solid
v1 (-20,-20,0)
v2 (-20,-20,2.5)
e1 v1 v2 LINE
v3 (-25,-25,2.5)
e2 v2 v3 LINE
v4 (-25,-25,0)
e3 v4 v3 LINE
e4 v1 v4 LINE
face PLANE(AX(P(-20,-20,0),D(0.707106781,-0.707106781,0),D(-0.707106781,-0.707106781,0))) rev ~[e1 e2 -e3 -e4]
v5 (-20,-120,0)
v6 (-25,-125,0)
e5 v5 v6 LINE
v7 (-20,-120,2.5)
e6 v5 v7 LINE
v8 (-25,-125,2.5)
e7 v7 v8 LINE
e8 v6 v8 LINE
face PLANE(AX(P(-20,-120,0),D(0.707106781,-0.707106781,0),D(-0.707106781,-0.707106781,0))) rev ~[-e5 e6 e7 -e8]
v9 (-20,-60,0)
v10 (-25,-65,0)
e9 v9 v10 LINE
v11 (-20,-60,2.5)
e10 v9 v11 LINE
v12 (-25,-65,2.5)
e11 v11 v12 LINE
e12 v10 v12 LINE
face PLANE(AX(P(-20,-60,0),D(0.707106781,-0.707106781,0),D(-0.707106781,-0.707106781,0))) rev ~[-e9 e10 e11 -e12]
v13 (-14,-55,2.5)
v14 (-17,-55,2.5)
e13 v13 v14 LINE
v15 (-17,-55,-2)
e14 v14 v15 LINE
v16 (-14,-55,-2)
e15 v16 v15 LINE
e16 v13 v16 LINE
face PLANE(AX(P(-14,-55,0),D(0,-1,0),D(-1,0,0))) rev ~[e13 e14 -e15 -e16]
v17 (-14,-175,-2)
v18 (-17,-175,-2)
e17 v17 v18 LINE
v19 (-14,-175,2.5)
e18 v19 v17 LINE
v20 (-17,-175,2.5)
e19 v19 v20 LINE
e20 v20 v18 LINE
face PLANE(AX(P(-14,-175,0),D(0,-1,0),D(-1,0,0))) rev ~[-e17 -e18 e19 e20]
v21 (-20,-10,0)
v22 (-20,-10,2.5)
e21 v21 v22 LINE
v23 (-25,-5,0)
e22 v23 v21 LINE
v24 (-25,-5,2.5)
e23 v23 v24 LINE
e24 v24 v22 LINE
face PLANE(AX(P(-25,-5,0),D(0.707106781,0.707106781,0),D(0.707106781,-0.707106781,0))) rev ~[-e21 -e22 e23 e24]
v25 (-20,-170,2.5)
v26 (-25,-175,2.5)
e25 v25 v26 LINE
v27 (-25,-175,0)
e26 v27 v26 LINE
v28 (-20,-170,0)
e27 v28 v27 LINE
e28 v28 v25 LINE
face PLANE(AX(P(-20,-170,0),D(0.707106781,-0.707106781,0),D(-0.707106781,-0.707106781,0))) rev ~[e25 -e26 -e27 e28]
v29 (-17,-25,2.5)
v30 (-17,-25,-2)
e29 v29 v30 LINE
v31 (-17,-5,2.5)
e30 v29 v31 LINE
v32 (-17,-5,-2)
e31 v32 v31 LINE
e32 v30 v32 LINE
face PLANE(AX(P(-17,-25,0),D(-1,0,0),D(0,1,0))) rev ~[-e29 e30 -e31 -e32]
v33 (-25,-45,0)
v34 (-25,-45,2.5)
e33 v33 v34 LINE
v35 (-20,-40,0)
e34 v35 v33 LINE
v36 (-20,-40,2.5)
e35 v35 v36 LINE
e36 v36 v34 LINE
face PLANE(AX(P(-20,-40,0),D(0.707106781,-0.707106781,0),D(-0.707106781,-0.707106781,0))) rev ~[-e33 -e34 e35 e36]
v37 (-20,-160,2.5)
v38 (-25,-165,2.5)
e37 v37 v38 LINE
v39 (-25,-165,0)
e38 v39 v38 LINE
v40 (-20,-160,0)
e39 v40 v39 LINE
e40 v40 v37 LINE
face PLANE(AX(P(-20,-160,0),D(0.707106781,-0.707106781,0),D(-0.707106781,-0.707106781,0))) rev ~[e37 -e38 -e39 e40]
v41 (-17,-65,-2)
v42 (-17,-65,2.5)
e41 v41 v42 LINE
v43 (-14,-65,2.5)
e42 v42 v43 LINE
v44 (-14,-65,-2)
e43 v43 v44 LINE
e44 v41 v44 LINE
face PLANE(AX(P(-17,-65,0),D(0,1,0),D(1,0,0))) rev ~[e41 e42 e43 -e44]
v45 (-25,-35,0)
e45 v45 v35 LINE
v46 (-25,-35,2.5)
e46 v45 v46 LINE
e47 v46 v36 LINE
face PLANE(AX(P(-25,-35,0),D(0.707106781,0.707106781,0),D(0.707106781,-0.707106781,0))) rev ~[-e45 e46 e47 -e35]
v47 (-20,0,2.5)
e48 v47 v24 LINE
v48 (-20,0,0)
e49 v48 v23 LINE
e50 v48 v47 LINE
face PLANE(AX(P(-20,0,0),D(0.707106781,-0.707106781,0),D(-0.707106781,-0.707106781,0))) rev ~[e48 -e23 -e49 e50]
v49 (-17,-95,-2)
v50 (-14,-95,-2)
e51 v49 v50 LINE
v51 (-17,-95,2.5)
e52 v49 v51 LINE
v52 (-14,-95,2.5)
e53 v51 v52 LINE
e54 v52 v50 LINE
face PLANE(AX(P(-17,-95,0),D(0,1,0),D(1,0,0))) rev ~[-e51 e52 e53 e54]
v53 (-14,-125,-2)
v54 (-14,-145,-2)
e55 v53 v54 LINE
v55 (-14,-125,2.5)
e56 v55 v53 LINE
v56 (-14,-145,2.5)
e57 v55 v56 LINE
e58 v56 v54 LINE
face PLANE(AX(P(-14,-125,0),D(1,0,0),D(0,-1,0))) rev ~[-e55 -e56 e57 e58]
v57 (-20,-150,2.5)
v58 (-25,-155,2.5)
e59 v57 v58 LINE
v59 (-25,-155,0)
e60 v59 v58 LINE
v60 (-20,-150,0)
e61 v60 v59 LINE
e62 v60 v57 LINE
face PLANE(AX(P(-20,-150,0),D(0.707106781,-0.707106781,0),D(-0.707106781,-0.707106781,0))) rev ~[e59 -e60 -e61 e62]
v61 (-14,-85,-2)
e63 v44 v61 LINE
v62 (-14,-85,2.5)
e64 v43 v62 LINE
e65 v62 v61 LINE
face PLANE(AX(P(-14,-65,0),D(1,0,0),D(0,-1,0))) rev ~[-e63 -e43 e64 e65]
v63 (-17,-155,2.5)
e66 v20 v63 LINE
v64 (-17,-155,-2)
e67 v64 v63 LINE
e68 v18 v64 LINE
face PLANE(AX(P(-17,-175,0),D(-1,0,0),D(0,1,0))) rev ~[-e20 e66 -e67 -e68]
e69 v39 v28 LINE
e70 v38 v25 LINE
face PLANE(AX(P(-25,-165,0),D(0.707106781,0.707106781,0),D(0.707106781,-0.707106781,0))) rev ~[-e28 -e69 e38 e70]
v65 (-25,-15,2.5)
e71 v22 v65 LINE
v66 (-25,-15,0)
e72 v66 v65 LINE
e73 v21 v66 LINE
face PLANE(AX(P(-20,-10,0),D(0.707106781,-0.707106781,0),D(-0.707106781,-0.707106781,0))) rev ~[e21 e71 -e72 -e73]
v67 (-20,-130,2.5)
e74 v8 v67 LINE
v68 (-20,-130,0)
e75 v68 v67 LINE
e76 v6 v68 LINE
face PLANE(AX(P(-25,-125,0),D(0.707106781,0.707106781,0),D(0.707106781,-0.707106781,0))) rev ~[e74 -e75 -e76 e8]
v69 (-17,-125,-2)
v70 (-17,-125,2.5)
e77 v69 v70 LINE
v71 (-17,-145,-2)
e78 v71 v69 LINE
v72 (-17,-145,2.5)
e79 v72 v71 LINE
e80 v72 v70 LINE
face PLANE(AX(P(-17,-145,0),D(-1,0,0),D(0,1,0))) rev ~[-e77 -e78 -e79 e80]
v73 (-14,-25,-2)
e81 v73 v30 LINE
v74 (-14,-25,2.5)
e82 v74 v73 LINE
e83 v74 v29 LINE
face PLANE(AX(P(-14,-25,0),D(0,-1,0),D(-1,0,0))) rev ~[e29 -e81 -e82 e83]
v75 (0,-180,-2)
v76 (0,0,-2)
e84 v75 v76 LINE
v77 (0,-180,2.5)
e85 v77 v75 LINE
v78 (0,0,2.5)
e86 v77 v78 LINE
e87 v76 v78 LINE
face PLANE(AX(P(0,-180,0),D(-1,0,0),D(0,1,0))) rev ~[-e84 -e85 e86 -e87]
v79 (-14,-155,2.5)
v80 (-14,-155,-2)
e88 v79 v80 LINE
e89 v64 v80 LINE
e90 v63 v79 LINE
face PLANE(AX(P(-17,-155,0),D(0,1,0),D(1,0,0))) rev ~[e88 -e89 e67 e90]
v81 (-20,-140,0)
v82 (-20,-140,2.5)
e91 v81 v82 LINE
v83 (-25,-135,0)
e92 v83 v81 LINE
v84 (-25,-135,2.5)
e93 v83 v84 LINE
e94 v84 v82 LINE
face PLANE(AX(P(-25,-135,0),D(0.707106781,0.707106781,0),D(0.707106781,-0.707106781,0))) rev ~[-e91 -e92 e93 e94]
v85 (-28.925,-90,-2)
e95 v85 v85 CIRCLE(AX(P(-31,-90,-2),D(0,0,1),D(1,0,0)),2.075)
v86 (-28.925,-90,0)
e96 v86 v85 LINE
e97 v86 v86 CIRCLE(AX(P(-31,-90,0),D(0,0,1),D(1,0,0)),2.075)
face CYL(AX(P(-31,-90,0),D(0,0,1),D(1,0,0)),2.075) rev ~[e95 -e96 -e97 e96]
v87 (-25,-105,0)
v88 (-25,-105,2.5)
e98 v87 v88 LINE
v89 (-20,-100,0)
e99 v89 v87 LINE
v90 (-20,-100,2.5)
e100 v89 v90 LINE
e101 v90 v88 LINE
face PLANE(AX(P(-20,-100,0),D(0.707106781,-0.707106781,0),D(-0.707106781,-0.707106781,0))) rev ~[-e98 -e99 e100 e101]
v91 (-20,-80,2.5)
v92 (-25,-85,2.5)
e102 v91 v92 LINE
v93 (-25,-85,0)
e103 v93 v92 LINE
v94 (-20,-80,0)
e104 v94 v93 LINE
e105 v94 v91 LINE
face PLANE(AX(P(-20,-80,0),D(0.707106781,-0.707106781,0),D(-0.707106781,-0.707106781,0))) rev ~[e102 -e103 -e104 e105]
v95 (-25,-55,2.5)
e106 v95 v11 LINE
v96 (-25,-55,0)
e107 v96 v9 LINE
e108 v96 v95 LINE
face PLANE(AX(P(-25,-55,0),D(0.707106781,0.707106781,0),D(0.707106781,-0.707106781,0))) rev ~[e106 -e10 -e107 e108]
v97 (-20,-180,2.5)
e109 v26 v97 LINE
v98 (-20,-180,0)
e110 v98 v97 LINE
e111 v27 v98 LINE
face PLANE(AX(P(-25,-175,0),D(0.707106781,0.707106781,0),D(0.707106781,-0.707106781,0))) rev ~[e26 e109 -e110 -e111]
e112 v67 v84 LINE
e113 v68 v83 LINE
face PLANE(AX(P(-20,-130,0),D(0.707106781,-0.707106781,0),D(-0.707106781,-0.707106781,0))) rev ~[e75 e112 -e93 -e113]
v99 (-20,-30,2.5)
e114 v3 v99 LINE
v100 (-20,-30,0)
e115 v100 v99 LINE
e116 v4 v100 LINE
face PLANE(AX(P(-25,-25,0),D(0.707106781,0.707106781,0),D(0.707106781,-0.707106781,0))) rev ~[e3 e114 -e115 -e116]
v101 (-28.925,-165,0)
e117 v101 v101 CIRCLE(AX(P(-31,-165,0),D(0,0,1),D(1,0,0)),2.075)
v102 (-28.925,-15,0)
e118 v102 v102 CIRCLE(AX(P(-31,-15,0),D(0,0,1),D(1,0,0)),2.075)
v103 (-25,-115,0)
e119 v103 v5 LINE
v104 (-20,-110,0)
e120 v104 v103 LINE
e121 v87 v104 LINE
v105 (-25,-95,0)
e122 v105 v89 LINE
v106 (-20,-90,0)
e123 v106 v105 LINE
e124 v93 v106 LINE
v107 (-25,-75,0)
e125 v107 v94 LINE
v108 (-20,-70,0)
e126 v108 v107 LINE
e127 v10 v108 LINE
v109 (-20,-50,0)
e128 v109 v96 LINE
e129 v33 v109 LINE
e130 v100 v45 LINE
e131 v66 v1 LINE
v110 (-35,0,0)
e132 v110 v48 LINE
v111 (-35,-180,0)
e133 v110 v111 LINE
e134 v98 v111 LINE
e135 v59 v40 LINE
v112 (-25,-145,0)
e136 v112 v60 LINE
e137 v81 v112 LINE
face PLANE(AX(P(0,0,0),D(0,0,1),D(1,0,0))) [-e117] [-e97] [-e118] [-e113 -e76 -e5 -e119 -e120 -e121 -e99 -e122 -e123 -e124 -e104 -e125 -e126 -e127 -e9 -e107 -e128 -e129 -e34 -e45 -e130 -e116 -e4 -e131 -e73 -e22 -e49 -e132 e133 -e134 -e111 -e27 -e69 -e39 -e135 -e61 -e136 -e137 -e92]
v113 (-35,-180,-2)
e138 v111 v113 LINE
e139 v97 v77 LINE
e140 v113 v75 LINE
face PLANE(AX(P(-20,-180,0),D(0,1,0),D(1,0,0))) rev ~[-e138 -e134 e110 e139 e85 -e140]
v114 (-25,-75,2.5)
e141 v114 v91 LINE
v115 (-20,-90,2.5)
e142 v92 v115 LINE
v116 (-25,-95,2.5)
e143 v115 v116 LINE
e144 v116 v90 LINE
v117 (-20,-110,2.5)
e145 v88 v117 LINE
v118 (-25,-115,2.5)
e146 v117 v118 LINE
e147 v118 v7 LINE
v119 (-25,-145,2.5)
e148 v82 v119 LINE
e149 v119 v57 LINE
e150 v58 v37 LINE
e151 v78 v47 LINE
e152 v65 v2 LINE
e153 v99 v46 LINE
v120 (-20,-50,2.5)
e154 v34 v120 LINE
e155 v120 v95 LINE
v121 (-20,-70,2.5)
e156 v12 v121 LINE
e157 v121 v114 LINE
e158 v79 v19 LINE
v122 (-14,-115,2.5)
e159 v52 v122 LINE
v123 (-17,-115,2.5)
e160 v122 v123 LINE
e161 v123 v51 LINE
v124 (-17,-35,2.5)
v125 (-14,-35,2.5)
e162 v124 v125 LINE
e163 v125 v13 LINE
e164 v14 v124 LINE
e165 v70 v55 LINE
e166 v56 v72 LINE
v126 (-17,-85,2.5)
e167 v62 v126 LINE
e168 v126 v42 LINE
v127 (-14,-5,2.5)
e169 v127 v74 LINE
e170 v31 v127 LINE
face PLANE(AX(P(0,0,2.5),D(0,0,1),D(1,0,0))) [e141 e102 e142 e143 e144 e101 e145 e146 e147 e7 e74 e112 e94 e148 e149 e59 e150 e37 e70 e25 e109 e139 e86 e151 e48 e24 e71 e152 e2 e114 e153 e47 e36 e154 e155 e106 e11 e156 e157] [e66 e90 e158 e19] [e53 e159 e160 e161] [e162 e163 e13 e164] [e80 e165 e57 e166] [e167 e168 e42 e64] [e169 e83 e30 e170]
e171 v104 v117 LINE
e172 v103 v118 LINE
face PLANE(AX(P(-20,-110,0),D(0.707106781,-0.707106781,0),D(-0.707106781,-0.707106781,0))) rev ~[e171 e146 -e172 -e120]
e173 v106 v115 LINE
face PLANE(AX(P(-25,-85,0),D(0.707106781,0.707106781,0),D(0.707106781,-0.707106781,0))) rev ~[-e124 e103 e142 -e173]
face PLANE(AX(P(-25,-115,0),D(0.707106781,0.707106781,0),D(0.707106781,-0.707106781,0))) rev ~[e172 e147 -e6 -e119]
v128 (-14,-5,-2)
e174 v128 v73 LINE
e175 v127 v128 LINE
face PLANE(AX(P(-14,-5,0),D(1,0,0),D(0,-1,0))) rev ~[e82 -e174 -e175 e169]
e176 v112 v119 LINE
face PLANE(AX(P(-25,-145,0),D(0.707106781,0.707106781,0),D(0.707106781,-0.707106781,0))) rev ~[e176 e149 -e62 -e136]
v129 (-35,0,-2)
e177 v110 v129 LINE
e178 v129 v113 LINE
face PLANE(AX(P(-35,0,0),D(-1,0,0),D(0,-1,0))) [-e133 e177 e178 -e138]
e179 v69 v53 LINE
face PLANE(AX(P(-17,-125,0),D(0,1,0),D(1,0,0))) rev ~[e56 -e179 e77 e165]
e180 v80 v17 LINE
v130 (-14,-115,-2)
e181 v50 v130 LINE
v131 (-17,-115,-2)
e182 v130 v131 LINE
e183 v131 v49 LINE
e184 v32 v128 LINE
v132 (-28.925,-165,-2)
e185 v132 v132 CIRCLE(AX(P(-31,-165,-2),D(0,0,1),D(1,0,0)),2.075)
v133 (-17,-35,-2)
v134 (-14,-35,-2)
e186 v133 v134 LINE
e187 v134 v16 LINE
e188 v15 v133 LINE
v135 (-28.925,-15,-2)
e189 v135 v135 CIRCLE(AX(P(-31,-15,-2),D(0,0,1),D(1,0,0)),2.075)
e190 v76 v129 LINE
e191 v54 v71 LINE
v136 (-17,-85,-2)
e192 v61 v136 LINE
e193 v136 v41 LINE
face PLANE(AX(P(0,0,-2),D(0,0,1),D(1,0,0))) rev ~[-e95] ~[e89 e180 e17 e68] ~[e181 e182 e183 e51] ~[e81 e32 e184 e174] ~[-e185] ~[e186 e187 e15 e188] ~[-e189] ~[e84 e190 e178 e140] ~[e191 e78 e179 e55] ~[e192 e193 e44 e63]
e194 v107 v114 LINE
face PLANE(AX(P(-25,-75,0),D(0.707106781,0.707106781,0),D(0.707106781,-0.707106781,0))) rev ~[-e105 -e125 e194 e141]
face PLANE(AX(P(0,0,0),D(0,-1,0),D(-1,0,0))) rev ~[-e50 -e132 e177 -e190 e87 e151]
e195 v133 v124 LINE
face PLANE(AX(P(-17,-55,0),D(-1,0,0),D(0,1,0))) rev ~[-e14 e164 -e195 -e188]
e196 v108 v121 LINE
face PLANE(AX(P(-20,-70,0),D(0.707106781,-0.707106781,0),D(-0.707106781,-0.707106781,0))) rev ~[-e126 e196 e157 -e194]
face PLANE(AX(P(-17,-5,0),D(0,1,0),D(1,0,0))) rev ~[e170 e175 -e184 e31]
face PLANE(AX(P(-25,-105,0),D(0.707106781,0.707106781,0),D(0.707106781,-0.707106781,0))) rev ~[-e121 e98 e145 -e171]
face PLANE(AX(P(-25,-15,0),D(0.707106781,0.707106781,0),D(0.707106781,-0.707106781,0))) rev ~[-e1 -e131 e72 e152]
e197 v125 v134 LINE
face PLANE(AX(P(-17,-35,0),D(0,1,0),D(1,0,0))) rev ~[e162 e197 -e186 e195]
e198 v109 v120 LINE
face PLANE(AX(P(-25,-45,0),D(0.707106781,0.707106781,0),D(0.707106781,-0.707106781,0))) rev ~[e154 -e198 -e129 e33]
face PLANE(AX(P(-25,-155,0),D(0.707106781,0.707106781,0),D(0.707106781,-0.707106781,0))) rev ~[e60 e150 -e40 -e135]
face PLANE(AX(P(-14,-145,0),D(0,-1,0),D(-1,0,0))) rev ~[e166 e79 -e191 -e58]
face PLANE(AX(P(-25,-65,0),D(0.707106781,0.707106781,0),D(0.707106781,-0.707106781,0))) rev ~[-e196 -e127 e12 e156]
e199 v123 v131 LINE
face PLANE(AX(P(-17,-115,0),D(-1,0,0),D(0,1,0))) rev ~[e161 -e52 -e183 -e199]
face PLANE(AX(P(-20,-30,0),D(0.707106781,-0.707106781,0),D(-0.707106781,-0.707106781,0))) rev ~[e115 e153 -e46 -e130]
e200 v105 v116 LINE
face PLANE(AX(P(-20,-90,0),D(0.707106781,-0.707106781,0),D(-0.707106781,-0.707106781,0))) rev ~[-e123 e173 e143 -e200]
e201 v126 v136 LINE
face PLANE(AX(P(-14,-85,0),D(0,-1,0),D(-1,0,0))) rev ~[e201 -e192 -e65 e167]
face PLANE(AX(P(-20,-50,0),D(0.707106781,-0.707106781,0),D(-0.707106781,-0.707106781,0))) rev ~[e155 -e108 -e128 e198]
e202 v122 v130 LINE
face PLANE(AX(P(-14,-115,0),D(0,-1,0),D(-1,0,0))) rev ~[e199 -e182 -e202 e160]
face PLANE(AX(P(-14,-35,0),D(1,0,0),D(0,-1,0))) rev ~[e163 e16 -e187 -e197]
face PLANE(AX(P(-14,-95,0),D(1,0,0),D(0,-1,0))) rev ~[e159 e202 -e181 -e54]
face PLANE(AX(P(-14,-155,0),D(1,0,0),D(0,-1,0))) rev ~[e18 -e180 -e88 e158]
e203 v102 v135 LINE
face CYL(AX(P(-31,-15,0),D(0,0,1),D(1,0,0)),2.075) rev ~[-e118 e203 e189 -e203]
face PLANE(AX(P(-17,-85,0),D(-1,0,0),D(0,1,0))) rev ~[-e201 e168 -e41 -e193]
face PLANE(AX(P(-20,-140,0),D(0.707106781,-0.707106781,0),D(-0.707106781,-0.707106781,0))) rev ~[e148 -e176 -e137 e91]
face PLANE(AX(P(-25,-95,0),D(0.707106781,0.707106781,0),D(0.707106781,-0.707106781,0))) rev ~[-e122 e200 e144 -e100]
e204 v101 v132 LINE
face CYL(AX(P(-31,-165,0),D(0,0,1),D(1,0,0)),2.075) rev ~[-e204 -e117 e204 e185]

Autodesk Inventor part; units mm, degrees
ref_plane "YZ Plane" through (0, 0, 0) normal (1, 0, 0) x (0, 1, 0)
ref_plane "XZ Plane" through (0, 0, 0) normal (0, 1, 0) x (-1, 0, 0)
ref_plane "XY Plane" through (0, 0, 0) normal (0, 0, 1) x (1, 0, 0)
sketch "Sketch1" plane through (0, 0, 0) normal (0, 0, 1) x (1, 0, 0)
  line L0 (0, 0) -> (-35, 0)
  line L1 (-35, 0) -> (-35, -180)
  line L2 (-35, -180) -> (0, -180)
  line L3 (0, -180) -> (0, 0)
  line L4 (-17, -5) -> (-14, -5)
  line L5 (-14, -5) -> (-14, -25)
  line L6 (-14, -25) -> (-17, -25)
  line L7 (-17, -25) -> (-17, -5)
  line L8 (-17, -35) -> (-14, -35)
  line L9 (-14, -35) -> (-14, -55)
  line L10 (-14, -55) -> (-17, -55)
  line L11 (-17, -55) -> (-17, -35)
  line L12 (-17, -65) -> (-14, -65)
  line L13 (-14, -65) -> (-14, -85)
  line L14 (-14, -85) -> (-17, -85)
  line L15 (-17, -85) -> (-17, -65)
  line L16 (-17, -95) -> (-14, -95)
  line L17 (-14, -95) -> (-14, -115)
  line L18 (-14, -115) -> (-17, -115)
  line L19 (-17, -115) -> (-17, -95)
  line L20 (-17, -125) -> (-14, -125)
  line L21 (-14, -125) -> (-14, -145)
  line L22 (-14, -145) -> (-17, -145)
  line L23 (-17, -145) -> (-17, -125)
  line L24 (-17, -155) -> (-14, -155)
  line L25 (-14, -155) -> (-14, -175)
  line L26 (-14, -175) -> (-17, -175)
  line L27 (-17, -175) -> (-17, -155)
  circle A0 centre (-31, -15) radius 2.075
  circle A1 centre (-31, -90) radius 2.075
  circle A2 centre (-31, -165) radius 2.075
  line L28 (-20, 0) -> (-25, -5)
  line L29 (-25, -5) -> (-20, -10)
  line L30 (-20, -10) -> (-25, -15)
  line L31 (-25, -15) -> (-20, -20)
  line L32 (-20, -20) -> (-25, -25)
  line L33 (-25, -25) -> (-20, -30)
  line L34 (-20, -30) -> (-25, -35)
  line L35 (-25, -35) -> (-20, -40)
  line L36 (-20, -40) -> (-25, -45)
  line L37 (-25, -45) -> (-20, -50)
  line L38 (-20, -50) -> (-25, -55)
  line L39 (-25, -55) -> (-20, -60)
  line L40 (-20, -60) -> (-25, -65)
  line L41 (-25, -65) -> (-20, -70)
  line L42 (-20, -70) -> (-25, -75)
  line L43 (-25, -75) -> (-20, -80)
  line L44 (-20, -80) -> (-25, -85)
  line L45 (-25, -85) -> (-20, -90)
  line L46 (-20, -90) -> (-25, -95)
  line L47 (-25, -95) -> (-20, -100)
  line L48 (-20, -100) -> (-25, -105)
  line L49 (-25, -105) -> (-20, -110)
  line L50 (-20, -110) -> (-25, -115)
  line L51 (-25, -115) -> (-20, -120)
  line L52 (-20, -120) -> (-25, -125)
  line L53 (-25, -125) -> (-20, -130)
  line L54 (-20, -130) -> (-25, -135)
  line L55 (-25, -135) -> (-20, -140)
  line L56 (-20, -140) -> (-25, -145)
  line L57 (-25, -145) -> (-20, -150)
  line L58 (-20, -150) -> (-25, -155)
  line L59 (-25, -155) -> (-20, -160)
  line L60 (-20, -160) -> (-25, -165)
  line L61 (-25, -165) -> (-20, -170)
  line L62 (-20, -170) -> (-25, -175)
  line L63 (-25, -175) -> (-20, -180)
  dimension "d0" = 35
  dimension "d1" = 180
  dimension "d2" = 3
  dimension "d3" = 20
  dimension "d4" = 5
  dimension "d5" = 14
  dimension "d8" = 30
  dimension "d13" = 5
  dimension "d14" = 4.15
  dimension "d15" = 4
  dimension "d16" = 10
  dimension "d19" = 75
  dimension "d24" = 5
  dimension "d25" = 45
  dimension "d26" = 7.0711
  dimension "d27" = 7.0711
  dimension "d28" = 20
  dimension "d31" = 10
extrude "Extrusion1" add sketch "Sketch1" against normal blind 2
extrude "Extrusion2" add sketch "Sketch1" along normal blind 2.5 contours L3 L2 L63 L62 L61 L60 L59 L58 L57 L56 L55 L54 L53 L52 L51 L50 L49 L48 L47 L46 L45 L44 L43 L42 L41 L40 L39 L38 L37 L36 L35 L34 L33 L32 L31 L30 L29 L28 L0
equation "\"d16\" = 0.5 * d3"
equation "\"d27\" = d26"
properties part number "tray_side_top"
